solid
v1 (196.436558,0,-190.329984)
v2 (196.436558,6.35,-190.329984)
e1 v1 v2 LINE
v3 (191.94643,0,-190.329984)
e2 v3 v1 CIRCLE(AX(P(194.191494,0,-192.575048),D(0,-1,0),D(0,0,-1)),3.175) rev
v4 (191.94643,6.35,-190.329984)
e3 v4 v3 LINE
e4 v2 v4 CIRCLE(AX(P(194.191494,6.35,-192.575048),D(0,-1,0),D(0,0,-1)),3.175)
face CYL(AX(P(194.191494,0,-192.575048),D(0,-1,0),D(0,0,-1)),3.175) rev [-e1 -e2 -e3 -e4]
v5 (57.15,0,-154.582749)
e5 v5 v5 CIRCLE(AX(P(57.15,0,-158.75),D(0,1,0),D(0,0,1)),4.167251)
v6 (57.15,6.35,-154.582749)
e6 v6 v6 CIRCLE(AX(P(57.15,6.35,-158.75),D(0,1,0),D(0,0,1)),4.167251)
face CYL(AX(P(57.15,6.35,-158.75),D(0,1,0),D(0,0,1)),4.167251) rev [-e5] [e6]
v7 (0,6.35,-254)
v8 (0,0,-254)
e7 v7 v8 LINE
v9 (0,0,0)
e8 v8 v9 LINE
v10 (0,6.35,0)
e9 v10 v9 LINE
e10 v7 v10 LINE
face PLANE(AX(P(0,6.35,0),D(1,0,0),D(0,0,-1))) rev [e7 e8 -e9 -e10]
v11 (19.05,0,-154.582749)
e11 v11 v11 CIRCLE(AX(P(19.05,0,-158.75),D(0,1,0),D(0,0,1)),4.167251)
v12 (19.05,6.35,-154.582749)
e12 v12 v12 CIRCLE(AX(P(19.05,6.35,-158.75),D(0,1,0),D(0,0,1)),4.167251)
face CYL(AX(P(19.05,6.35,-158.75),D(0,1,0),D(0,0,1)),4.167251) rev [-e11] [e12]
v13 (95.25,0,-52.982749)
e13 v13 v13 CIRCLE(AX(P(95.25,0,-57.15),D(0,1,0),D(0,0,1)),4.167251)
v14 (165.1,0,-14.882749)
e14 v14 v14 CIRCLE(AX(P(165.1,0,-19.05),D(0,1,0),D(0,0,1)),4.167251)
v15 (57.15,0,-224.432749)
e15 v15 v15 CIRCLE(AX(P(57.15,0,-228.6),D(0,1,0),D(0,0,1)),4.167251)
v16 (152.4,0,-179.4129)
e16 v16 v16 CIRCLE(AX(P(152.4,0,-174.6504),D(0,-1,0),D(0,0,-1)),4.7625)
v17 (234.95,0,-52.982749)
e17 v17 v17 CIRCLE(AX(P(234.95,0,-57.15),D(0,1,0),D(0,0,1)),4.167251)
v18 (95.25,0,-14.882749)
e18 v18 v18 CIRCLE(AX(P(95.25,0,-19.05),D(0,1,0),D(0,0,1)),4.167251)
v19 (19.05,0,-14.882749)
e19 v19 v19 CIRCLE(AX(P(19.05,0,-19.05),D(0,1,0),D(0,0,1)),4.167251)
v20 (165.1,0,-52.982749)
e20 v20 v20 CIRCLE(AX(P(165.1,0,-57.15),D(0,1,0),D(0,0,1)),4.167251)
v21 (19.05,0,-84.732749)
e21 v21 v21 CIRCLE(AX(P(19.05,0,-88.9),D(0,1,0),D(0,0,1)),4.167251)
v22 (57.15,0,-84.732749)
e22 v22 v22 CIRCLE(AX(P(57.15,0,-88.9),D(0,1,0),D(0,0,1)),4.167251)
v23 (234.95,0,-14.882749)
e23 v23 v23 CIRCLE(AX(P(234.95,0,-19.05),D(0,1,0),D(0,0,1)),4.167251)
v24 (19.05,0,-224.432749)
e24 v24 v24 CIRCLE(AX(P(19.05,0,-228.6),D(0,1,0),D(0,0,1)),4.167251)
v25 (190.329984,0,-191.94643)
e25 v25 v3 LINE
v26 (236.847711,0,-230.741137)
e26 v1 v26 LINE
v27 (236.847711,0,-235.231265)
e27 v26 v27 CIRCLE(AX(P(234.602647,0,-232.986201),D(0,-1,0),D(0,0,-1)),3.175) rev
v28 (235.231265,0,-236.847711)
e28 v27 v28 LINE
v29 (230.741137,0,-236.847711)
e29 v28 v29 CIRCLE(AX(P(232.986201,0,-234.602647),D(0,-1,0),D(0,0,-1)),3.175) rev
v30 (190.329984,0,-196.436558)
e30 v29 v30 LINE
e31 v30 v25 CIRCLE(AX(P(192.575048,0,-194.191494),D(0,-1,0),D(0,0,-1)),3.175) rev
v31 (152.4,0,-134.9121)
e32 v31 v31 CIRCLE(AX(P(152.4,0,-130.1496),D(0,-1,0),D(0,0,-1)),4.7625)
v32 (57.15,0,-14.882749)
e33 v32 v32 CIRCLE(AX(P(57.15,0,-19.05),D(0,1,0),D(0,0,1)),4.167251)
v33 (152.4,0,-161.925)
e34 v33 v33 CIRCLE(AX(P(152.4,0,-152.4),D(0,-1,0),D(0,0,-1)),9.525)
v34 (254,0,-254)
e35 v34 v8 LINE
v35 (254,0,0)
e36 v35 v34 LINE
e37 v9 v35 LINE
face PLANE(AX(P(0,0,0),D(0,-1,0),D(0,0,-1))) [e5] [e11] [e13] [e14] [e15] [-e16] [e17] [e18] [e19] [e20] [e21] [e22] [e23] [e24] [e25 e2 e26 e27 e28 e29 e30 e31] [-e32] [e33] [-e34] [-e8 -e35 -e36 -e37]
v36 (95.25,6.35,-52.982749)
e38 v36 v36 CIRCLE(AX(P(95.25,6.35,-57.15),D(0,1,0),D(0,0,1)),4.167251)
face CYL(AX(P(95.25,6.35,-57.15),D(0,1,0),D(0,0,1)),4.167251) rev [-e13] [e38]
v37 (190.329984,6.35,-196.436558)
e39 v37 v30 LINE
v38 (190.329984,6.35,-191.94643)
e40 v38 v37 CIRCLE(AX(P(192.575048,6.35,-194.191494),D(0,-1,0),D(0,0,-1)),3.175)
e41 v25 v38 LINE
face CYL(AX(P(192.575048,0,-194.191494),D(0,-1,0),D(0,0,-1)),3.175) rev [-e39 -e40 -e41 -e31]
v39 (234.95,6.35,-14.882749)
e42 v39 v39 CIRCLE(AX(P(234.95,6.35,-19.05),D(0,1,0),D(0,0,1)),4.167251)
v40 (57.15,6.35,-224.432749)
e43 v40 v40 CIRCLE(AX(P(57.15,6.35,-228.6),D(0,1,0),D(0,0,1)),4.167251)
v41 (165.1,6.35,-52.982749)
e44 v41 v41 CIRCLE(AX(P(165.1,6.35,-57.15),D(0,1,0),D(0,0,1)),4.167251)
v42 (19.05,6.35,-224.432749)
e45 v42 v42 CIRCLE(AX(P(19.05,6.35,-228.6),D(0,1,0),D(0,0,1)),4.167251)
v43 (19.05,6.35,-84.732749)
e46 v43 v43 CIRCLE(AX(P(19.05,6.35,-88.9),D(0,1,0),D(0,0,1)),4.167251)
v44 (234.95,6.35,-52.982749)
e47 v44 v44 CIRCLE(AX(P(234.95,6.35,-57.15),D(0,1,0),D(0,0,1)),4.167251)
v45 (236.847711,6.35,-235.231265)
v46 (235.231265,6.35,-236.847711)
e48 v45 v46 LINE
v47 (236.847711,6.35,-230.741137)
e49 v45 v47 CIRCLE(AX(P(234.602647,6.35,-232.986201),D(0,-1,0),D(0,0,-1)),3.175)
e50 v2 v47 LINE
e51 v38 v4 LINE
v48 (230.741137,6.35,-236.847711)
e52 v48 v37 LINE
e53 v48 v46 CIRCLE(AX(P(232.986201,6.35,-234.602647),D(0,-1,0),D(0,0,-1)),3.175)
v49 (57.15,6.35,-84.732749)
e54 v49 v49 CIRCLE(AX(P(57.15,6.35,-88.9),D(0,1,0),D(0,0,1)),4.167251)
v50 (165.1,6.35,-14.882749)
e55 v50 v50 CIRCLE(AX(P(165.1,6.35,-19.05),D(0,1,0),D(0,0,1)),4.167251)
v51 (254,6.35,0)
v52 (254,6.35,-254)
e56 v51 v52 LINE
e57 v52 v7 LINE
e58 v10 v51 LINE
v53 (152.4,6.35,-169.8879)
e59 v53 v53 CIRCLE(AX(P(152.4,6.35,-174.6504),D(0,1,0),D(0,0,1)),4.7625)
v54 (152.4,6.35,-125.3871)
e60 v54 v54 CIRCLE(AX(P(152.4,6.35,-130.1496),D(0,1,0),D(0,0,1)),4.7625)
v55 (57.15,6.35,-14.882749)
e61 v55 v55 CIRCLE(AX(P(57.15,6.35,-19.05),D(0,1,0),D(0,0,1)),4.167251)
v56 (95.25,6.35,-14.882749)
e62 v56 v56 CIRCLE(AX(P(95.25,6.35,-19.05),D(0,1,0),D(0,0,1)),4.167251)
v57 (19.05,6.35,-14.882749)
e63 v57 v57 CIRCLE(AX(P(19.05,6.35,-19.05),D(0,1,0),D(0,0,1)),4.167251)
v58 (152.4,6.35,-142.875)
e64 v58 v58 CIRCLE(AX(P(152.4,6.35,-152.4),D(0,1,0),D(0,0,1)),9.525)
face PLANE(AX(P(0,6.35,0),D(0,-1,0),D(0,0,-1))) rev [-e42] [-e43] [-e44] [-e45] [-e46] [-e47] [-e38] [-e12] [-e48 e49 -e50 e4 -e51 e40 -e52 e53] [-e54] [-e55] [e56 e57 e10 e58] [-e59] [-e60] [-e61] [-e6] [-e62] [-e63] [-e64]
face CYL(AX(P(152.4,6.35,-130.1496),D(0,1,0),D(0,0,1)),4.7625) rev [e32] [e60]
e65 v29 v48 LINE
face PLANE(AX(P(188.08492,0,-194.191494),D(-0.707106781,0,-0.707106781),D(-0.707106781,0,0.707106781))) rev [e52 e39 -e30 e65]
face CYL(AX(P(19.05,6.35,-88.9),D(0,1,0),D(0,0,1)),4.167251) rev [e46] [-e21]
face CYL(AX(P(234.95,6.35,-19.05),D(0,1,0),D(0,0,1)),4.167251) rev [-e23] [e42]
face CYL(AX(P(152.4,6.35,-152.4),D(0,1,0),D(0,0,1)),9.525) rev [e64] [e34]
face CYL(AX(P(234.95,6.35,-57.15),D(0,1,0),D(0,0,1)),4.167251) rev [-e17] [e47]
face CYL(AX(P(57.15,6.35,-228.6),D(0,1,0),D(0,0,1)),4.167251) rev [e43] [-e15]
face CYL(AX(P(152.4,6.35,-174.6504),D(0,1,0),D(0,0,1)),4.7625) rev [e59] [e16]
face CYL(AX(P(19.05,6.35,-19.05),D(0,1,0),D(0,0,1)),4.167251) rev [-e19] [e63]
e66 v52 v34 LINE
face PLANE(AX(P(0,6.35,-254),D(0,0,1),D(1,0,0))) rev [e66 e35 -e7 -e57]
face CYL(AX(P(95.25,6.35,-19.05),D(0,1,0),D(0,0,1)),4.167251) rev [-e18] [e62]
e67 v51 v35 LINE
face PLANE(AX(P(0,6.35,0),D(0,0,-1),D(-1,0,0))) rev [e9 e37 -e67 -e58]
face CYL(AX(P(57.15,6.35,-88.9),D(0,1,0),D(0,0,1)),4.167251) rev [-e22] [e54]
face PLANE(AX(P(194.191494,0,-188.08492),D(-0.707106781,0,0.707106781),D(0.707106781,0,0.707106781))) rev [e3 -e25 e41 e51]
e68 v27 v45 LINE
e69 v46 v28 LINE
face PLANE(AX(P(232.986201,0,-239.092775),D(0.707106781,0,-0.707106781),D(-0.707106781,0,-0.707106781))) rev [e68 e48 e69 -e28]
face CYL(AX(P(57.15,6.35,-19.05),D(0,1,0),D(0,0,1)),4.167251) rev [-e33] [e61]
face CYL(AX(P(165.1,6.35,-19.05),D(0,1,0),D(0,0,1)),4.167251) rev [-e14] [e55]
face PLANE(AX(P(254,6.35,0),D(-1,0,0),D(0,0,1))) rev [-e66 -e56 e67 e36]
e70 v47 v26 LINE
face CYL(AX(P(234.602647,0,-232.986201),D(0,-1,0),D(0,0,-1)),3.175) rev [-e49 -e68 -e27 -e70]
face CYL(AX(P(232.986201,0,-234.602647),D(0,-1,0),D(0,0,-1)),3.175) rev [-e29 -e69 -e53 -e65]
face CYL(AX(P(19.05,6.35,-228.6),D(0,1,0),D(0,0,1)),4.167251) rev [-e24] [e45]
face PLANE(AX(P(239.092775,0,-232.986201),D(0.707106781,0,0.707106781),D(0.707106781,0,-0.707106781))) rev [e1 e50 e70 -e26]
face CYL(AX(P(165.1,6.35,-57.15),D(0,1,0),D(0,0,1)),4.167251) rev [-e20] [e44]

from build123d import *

# Parameters (mm, degrees)
SKETCH1_W                        = 254
SKETCH1_H                        = 254
BOSS_EXTRUDE1_DEPTH              = 6.35
F_3_4_0_75_DIAMETER_HOLE1_D      = 19.05
F_3_8_0_375_DIAMETER_HOLE1_D     = 9.525
F_21_64_0_32813_DIAMETER_HOLE1_D = 8.334502
LPATTERN1_COUNT                  = 2
LPATTERN1_PITCH                  = 38.1
LPATTERN1_COUNT_DIR2             = 4
LPATTERN1_PITCH_DIR2             = 69.85
F_21_64_0_32813_DIAMETER_HOLE2_D = 8.334502
LPATTERN2_COUNT                  = 2
LPATTERN2_PITCH                  = 38.1
LPATTERN2_COUNT_DIR2             = 3
LPATTERN2_PITCH_DIR2             = 69.85
CUT_EXTRUDE1_DEPTH               = 360.266367059
FILLET1_R                        = 3.175


with BuildPart() as part:
    # Sketch1 → Boss-Extrude1 (new body)
    with BuildSketch(Plane(origin=(0, 0, 0), x_dir=(1, 0, 0), z_dir=(0, 1, 0))):
        with Locations((127, 127)):
            Rectangle(SKETCH1_W, SKETCH1_H)
    extrude(amount=BOSS_EXTRUDE1_DEPTH)

    # 3/4 (0.75) Diameter Hole1 (through all)
    with Locations(Plane(origin=(0, 6.35, 0), x_dir=(1, 0, 0), z_dir=(0, 1, 0))):
        with Locations((152.4, 152.4)):
            Hole(F_3_4_0_75_DIAMETER_HOLE1_D / 2)

    # 3/8 (0.375) Diameter Hole1 (through all)
    with Locations(Plane(origin=(0, 6.35, 0), x_dir=(1, 0, 0), z_dir=(0, 1, 0))):
        with Locations((152.4, 174.6504), (152.4, 130.1496)):
            Hole(F_3_8_0_375_DIAMETER_HOLE1_D / 2)

    # 21/64 (0.32813) Diameter Hole1 (through all)
    with Locations(Plane(origin=(0, 6.35, 0), x_dir=(1, 0, 0), z_dir=(0, 1, 0))):
        with Locations((19.05, 19.05)):
            f_21_64_0_32813_diameter_hole1 = Hole(F_21_64_0_32813_DIAMETER_HOLE1_D / 2)

    # LPattern1: 21_64 _0.32813_ Diameter Hole1 2 × 4
    with Locations(*[(i * LPATTERN1_PITCH, 0, -j * LPATTERN1_PITCH_DIR2) for i in range(LPATTERN1_COUNT) for j in range(LPATTERN1_COUNT_DIR2) if (i, j) != (0, 0)]):
        add(f_21_64_0_32813_diameter_hole1, mode=Mode.SUBTRACT)

    # 21/64 (0.32813) Diameter Hole2 (through all)
    with Locations(Plane(origin=(0, 6.35, 0), x_dir=(1, 0, 0), z_dir=(0, 1, 0))):
        with Locations((234.95, 19.05)):
            f_21_64_0_32813_diameter_hole2 = Hole(F_21_64_0_32813_DIAMETER_HOLE2_D / 2)

    # LPattern2: 21_64 _0.32813_ Diameter Hole2 2 × 3
    with Locations(*[(-j * LPATTERN2_PITCH_DIR2, 0, -i * LPATTERN2_PITCH) for i in range(LPATTERN2_COUNT) for j in range(LPATTERN2_COUNT_DIR2) if (i, j) != (0, 0)]):
        add(f_21_64_0_32813_diameter_hole2, mode=Mode.SUBTRACT)

    # Sketch10 → Cut-Extrude1 (cut, through all)
    with BuildSketch(Plane(origin=(0, 6.35, 0), x_dir=(1, 0, 0), z_dir=(0, 1, 0))):
        Polygon((188.084920071, 194.191494234), (232.986200677, 239.092774839), (239.092774839, 232.986200677), (194.191494234, 188.084920071), align=None)
    extrude(amount=-CUT_EXTRUDE1_DEPTH, mode=Mode.SUBTRACT)

    # Fillet1
    fillet1_edges = [part.edges().sort_by_distance(p)[0] for p in [
        (194.191494234, 3.175, -188.084920071),
        (188.084920071, 3.175, -194.191494234),
        (232.986200677, 3.175, -239.092774839),
        (239.092774839, 3.175, -232.986200677),
    ]]
    fillet(fillet1_edges, radius=FILLET1_R)


solid = part.part
